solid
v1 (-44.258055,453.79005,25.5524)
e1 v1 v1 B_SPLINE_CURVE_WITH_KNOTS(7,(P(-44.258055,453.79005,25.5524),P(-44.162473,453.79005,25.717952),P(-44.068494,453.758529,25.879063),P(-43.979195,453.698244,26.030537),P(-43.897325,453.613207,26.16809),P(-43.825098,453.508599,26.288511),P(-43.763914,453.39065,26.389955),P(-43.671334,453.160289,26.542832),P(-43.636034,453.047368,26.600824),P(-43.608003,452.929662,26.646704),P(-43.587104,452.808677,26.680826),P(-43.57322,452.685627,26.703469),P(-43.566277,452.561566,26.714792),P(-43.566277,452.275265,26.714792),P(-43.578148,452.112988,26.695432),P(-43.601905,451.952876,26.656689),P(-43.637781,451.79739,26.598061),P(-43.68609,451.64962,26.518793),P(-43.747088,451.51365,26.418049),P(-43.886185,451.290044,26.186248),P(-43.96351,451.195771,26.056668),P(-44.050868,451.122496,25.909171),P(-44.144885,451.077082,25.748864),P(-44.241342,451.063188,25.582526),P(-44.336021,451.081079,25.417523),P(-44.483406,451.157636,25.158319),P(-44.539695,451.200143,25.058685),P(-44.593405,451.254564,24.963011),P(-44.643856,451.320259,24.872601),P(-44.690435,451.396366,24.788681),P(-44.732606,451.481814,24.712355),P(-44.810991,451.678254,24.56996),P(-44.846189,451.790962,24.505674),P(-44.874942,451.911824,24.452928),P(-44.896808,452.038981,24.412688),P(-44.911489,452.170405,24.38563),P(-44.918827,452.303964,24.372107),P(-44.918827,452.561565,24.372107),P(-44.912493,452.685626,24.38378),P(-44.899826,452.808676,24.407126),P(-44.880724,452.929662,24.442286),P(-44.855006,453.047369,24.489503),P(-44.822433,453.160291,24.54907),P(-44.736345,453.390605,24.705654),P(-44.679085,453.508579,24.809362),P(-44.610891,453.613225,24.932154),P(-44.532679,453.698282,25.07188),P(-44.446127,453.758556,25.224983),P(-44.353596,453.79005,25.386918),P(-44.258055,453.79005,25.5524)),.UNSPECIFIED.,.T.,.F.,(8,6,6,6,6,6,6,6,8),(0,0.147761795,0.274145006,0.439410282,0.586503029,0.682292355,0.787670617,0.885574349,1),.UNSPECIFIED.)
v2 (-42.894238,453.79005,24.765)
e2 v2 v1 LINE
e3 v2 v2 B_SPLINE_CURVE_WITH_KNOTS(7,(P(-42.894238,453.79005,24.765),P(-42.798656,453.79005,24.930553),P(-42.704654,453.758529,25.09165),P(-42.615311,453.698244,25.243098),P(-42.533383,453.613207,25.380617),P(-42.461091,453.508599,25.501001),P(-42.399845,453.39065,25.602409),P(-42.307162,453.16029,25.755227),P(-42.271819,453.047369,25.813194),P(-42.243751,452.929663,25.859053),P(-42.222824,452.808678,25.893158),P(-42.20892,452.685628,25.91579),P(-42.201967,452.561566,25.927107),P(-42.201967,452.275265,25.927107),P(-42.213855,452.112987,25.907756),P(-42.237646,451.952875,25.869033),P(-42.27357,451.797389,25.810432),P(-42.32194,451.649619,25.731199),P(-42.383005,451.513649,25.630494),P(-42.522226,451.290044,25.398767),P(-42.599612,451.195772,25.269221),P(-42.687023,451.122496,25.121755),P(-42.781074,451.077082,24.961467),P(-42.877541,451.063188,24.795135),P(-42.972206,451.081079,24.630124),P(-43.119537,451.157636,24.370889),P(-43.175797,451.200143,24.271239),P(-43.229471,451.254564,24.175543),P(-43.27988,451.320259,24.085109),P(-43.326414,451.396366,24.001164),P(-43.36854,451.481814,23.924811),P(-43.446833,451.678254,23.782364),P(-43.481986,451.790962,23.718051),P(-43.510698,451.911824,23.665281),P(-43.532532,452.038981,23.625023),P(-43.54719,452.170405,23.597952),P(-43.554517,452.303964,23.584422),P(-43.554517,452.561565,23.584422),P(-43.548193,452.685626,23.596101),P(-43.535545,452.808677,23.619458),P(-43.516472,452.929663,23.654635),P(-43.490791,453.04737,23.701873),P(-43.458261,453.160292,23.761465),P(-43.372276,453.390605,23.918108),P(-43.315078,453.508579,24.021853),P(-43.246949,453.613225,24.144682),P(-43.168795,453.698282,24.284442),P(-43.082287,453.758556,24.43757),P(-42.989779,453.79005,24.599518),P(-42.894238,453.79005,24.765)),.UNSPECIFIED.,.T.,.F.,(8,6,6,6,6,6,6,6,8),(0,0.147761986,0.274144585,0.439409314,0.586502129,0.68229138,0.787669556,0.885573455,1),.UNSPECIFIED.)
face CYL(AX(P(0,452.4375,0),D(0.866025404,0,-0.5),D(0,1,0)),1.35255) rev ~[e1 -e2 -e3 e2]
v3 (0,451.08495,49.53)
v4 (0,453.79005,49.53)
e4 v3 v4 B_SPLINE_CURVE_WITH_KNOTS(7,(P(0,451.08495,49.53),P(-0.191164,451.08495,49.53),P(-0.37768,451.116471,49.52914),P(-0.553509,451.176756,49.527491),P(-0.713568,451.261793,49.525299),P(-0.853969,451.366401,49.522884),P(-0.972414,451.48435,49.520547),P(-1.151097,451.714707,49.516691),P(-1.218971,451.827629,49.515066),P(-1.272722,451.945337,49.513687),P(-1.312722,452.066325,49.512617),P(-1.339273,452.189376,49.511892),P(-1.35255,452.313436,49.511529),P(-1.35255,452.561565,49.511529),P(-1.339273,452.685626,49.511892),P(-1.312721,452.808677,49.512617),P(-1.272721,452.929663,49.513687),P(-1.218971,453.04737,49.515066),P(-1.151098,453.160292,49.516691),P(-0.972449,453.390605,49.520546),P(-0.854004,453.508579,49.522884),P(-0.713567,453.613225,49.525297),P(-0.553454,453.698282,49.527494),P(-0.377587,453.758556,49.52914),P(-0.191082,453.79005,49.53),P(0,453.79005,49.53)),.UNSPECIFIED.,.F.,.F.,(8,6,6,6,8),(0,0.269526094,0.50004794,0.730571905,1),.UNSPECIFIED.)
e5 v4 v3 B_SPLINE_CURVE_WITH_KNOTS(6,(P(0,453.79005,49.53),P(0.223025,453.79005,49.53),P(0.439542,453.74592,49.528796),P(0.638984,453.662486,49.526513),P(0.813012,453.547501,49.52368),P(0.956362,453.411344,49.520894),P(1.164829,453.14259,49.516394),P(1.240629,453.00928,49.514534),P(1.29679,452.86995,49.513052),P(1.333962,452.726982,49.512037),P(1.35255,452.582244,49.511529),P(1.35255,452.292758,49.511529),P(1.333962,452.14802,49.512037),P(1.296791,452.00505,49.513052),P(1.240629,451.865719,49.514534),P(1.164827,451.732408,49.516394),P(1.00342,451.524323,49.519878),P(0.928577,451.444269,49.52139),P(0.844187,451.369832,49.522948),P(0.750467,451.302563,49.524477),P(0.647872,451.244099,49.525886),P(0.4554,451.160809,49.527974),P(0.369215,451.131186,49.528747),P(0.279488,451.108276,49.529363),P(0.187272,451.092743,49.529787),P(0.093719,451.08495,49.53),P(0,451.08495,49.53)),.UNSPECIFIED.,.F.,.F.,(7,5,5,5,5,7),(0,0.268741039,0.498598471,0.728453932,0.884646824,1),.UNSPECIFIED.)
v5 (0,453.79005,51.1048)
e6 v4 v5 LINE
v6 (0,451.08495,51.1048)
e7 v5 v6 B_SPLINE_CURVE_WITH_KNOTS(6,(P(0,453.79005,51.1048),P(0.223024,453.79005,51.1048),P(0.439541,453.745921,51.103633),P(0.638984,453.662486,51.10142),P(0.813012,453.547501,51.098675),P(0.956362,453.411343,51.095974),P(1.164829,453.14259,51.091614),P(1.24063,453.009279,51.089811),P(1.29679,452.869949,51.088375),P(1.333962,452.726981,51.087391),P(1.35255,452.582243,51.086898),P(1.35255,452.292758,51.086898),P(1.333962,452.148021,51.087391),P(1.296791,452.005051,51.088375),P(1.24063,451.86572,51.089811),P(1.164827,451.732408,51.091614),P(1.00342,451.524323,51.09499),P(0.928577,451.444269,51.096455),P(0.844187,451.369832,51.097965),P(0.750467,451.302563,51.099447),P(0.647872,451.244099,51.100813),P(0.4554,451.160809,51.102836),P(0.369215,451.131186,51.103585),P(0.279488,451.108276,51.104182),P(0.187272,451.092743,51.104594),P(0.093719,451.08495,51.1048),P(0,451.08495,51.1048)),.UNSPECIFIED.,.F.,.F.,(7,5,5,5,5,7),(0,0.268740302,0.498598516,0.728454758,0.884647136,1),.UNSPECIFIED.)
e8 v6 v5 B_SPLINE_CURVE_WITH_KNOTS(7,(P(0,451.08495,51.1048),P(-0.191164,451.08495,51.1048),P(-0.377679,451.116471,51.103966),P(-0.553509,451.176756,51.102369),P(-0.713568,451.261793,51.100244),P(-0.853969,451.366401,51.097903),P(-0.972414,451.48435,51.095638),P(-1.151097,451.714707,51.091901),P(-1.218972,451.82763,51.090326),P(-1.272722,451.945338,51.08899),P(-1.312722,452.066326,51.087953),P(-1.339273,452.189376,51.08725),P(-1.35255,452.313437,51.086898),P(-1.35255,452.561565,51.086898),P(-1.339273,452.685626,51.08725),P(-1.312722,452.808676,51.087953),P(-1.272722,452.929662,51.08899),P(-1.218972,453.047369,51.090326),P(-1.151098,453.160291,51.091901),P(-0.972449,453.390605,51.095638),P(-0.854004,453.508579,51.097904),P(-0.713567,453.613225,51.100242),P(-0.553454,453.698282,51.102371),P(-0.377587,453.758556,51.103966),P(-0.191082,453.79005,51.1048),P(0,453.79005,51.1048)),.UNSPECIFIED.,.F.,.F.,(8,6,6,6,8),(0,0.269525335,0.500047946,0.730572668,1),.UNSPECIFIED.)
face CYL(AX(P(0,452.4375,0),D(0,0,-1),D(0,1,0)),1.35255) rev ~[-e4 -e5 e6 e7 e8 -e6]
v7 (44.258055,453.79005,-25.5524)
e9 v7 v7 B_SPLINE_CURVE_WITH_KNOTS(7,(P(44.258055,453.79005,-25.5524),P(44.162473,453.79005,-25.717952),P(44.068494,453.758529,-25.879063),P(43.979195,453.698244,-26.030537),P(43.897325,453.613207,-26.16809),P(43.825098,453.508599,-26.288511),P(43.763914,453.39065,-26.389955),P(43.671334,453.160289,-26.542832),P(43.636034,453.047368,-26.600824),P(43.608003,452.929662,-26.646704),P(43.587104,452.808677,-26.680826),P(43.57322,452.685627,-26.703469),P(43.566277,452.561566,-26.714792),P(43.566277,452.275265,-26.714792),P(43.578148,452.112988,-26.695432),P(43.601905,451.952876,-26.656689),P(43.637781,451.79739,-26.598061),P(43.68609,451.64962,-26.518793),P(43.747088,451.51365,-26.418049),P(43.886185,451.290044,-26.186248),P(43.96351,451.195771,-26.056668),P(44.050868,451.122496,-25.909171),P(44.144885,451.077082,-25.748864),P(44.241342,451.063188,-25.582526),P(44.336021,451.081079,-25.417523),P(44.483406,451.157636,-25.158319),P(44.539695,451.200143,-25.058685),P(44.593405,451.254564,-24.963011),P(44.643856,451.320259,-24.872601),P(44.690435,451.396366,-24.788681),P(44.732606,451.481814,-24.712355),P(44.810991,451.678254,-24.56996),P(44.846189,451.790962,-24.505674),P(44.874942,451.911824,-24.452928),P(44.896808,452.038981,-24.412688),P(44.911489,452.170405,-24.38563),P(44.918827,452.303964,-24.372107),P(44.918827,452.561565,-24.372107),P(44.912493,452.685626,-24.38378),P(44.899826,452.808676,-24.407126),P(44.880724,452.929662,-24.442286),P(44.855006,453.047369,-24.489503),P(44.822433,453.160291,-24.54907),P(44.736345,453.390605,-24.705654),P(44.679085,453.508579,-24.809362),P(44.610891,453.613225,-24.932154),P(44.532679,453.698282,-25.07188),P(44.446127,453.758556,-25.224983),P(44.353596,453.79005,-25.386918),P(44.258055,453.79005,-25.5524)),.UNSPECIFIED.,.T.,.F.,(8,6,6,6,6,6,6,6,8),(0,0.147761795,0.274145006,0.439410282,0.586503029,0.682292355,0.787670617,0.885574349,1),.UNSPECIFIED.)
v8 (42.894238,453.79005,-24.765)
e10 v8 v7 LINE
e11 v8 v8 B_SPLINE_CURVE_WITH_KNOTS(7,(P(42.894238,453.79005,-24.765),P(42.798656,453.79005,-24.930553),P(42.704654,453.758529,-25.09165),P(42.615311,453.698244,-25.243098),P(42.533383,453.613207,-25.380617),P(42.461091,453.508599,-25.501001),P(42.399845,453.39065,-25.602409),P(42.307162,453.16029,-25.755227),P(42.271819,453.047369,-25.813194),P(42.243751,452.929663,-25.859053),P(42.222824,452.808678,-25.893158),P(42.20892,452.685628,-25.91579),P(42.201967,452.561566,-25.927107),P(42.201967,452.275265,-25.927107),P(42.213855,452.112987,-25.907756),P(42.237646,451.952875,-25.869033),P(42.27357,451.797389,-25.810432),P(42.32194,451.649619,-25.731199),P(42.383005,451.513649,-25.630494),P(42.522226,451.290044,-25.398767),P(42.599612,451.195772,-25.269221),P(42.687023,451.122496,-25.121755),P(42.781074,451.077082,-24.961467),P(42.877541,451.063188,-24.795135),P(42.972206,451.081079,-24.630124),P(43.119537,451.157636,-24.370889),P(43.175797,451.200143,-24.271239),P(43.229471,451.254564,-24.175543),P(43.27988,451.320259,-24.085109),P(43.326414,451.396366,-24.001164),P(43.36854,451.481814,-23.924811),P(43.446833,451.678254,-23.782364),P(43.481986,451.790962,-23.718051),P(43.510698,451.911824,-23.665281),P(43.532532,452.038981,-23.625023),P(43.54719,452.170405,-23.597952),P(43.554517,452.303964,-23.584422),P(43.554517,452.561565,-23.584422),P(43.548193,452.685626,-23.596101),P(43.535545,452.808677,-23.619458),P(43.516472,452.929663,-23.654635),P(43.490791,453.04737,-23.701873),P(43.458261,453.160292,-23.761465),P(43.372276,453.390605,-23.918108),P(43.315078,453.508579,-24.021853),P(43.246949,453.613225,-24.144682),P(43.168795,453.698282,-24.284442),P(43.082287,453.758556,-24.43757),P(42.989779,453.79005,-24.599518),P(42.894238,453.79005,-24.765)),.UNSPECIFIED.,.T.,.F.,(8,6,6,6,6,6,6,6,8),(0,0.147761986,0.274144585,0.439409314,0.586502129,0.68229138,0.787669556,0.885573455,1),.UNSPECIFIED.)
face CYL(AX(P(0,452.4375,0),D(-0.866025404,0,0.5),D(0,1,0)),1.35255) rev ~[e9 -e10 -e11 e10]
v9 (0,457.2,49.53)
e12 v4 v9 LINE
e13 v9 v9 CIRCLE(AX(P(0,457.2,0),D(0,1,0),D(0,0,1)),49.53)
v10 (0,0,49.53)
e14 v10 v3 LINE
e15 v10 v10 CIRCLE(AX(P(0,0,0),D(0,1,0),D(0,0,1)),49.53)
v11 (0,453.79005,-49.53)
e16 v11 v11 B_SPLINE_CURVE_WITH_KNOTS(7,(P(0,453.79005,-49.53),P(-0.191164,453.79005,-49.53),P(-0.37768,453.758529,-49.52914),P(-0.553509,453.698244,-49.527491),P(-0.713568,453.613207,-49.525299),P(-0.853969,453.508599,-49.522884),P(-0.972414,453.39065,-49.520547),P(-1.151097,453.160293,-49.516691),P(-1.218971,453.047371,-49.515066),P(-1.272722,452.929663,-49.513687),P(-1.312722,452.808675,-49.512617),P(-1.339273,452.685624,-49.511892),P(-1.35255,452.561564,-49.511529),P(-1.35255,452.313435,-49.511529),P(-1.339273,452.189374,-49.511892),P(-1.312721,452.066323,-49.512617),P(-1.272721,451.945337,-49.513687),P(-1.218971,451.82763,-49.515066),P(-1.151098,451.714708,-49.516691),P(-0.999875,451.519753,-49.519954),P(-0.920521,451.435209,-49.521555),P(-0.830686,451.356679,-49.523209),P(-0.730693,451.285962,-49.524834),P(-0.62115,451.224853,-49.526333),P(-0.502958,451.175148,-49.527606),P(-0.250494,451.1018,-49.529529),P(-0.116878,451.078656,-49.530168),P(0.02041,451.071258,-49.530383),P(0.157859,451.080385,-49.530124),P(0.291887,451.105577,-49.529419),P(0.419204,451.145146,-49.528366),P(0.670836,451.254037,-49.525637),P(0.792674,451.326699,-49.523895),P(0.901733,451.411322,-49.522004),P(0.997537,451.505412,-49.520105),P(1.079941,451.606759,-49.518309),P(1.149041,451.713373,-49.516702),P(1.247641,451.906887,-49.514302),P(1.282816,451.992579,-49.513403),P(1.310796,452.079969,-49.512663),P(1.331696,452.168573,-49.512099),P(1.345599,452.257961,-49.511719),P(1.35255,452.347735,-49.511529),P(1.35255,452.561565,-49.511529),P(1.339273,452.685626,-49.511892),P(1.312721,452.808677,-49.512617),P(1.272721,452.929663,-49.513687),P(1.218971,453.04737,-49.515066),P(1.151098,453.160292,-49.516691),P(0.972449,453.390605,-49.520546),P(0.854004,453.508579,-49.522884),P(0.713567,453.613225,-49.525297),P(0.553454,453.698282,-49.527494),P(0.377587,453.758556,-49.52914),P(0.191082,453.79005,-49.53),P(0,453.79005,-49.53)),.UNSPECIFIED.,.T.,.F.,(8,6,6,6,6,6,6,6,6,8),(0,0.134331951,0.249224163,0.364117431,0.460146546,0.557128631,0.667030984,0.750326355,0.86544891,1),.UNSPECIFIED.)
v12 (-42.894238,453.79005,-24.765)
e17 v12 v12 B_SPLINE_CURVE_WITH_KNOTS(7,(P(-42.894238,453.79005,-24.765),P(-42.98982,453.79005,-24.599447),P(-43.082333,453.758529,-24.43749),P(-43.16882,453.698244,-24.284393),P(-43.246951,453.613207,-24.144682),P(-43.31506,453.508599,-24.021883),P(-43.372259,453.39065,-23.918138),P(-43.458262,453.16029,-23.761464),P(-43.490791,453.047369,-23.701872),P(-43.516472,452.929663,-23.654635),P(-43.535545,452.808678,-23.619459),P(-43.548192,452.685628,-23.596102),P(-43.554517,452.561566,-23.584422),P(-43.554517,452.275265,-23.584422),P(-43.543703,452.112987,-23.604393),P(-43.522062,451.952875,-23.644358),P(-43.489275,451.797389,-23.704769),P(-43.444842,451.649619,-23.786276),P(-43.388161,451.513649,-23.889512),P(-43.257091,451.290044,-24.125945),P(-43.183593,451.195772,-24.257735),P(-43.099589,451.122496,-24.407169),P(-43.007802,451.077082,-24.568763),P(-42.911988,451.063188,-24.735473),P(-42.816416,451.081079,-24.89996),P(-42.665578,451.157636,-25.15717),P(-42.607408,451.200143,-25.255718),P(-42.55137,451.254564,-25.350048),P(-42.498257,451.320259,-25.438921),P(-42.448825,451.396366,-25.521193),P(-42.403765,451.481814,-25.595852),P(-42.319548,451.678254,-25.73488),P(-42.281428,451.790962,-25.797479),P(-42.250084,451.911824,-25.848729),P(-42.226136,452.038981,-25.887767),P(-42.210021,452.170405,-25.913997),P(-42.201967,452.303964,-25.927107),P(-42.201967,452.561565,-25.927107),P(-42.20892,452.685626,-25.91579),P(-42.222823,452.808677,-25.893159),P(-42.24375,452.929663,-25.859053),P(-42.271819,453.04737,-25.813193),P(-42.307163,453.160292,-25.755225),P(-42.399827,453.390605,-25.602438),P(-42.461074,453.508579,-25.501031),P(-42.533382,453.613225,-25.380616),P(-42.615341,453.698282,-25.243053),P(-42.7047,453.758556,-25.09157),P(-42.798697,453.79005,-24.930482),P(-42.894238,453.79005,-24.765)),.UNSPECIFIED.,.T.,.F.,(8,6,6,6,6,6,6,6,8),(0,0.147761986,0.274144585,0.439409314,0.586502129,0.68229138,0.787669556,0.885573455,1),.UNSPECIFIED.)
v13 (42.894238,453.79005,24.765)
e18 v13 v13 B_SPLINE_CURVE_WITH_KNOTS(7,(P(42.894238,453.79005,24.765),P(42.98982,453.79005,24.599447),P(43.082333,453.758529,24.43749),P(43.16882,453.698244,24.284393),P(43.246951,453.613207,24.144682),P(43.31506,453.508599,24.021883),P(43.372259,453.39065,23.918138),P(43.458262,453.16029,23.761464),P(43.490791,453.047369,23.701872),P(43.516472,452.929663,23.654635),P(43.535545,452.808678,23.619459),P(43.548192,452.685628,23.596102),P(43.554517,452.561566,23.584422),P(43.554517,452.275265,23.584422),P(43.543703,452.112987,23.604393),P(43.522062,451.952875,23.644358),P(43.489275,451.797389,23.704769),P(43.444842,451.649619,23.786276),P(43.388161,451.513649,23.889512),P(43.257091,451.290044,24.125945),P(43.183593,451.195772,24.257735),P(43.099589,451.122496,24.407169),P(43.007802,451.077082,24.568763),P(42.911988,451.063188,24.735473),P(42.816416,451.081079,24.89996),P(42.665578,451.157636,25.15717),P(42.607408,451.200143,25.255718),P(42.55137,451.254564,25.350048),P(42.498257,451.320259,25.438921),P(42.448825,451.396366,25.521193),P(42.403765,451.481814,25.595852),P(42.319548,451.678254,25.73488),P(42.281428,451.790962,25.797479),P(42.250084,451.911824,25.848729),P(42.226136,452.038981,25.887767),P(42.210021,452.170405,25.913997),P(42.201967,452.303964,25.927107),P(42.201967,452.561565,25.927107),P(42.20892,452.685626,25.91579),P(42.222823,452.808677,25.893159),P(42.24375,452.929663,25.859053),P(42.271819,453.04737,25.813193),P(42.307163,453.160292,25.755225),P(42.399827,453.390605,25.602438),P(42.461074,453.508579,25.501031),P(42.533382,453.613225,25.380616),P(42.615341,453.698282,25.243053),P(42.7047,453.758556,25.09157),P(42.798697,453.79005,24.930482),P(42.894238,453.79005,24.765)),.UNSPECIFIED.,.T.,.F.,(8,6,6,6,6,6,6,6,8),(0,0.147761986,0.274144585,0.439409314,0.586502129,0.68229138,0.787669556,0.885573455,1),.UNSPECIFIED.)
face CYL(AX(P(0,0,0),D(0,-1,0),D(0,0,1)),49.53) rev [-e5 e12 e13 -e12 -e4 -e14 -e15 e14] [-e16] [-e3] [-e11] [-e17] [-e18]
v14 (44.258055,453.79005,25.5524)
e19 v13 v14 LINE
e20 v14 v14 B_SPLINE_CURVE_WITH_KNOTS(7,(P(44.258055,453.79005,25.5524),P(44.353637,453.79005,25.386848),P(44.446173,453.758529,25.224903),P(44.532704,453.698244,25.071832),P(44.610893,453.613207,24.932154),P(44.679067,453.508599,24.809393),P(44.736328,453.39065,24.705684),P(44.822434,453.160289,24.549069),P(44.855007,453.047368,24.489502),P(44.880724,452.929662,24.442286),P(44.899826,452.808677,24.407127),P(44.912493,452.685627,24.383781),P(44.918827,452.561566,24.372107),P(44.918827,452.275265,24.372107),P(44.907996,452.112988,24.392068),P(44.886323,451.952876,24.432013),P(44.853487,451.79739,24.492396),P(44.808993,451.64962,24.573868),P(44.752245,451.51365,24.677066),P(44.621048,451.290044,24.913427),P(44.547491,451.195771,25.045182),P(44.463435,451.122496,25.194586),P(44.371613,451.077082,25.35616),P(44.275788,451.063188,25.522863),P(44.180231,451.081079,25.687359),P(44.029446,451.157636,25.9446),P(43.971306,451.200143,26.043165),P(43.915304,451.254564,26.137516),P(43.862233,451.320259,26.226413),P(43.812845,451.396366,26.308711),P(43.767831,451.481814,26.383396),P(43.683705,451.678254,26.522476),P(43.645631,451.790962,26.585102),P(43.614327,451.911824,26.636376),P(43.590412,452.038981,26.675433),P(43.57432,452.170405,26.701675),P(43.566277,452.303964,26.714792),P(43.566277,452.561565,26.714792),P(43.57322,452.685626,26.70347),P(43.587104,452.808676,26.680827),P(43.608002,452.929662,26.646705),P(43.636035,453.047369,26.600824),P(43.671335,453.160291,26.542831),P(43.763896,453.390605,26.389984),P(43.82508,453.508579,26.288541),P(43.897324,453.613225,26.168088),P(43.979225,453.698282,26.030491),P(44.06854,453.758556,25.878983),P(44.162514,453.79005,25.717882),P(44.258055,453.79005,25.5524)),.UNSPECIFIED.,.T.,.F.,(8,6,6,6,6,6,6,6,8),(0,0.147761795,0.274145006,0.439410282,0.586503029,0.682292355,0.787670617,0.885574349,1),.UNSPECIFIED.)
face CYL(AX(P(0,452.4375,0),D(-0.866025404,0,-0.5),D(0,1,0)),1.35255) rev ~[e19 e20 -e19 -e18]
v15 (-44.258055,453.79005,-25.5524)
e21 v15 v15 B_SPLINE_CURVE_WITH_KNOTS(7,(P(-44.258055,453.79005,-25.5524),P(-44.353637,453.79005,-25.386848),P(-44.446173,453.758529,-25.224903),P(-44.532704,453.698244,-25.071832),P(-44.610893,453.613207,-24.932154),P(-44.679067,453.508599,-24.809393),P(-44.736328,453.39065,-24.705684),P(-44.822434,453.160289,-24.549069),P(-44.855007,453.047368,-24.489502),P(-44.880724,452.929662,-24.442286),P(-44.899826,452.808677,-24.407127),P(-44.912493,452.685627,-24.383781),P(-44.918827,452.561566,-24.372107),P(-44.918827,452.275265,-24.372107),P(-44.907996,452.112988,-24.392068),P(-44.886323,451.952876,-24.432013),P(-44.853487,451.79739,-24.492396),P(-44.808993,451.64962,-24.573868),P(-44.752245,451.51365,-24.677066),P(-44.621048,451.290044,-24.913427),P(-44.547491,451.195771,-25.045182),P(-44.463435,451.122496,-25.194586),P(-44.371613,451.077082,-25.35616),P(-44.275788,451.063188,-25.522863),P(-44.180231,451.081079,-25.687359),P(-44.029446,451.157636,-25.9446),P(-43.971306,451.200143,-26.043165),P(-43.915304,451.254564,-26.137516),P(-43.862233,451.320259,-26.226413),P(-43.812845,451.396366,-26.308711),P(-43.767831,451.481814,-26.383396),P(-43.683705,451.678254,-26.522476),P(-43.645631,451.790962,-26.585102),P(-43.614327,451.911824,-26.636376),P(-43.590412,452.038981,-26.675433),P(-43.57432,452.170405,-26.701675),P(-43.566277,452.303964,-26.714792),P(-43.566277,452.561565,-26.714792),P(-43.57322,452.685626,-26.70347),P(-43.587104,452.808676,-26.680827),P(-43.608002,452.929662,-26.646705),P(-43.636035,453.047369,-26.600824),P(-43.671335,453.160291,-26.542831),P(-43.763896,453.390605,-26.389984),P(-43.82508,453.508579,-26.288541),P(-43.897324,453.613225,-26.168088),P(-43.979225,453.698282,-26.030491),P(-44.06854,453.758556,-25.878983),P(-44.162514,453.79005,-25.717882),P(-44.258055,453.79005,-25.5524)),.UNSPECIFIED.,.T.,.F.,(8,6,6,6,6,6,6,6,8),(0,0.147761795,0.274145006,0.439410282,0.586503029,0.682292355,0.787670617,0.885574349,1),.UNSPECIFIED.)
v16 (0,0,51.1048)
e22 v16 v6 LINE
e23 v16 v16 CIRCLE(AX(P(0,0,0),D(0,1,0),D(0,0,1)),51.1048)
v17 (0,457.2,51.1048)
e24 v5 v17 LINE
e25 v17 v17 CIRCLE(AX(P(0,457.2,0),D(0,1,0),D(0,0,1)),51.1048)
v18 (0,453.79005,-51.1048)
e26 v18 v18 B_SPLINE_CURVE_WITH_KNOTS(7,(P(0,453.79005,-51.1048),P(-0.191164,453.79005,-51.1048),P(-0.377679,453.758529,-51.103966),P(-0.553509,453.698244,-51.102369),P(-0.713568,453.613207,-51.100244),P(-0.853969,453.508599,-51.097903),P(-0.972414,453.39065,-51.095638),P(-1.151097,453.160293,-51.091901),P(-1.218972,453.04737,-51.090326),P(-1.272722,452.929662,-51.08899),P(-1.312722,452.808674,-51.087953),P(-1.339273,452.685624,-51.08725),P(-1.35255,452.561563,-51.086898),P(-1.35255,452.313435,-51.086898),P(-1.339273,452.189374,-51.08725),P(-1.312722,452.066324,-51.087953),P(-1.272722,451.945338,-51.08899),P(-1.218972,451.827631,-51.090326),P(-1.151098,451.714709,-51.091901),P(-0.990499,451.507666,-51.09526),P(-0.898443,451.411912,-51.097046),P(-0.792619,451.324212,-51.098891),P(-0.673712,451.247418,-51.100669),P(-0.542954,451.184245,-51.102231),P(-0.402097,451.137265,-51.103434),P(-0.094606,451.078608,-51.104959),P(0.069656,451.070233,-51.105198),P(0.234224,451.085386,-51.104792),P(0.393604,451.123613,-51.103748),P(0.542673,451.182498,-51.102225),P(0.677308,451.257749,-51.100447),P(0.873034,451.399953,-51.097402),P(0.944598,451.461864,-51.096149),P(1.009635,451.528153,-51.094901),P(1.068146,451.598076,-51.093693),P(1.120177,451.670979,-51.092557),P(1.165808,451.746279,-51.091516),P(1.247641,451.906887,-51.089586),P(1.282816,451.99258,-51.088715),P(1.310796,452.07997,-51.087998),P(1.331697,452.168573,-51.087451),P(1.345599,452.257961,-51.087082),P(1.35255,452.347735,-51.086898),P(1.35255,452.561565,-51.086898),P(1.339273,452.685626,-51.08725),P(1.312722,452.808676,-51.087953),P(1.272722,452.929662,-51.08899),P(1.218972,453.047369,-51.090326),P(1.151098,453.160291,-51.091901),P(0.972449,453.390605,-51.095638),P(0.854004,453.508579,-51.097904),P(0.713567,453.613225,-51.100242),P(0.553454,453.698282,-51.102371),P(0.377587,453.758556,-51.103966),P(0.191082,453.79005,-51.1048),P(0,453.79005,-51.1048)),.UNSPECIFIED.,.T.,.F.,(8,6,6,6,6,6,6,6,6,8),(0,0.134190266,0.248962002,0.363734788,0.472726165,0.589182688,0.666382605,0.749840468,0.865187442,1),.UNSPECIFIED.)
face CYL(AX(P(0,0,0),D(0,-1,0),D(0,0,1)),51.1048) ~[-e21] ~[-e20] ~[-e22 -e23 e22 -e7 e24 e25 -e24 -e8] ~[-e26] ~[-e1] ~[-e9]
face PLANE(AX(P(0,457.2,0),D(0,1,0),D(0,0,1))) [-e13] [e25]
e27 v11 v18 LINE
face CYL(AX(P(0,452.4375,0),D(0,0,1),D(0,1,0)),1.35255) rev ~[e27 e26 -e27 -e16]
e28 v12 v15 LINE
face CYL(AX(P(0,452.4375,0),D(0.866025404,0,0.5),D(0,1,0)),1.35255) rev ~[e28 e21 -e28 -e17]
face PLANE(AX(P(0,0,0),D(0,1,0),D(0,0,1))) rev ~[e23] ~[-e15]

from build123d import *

# Parameters (mm, degrees)
SKETCH1_R           = 51.1048
SKETCH1_R_2         = 49.53
BOSS_EXTRUDE1_DEPTH = 457.2
SKETCH2_R           = 1.35255
CUT_EXTRUDE1_DEPTH  = 463.877133985
CIRPATTERN1_COUNT   = 6


with BuildPart() as part:
    # Sketch1 → Boss-Extrude1 (new body)
    with BuildSketch(Plane(origin=(0, 0, 0), x_dir=(1, 0, 0), z_dir=(0, 1, 0))):
        with Locations(Location((0, 0, 0), (0, 0, 270))):
            Circle(SKETCH1_R)
        with Locations(Location((0, 0, 0), (0, 0, 270))):
            Circle(SKETCH1_R_2, mode=Mode.SUBTRACT)
    extrude(amount=BOSS_EXTRUDE1_DEPTH)

    # Sketch2 → Cut-Extrude1 (cut, through all)
    with BuildSketch(Plane.XY):
        with Locations(Location((0, 452.4375, 0), (0, 0, 90))):
            Circle(SKETCH2_R)
    cut_extrude1 = extrude(amount=-CUT_EXTRUDE1_DEPTH, mode=Mode.SUBTRACT)

    # CirPattern1: Cut-Extrude1 ×6 about axis
    cirpattern1_axis = Axis((0, 457.2, 0), (0, -1, 0))
    for i in range(1, CIRPATTERN1_COUNT):
        add(cut_extrude1.rotate(cirpattern1_axis, i * 360 / CIRPATTERN1_COUNT), mode=Mode.SUBTRACT)


solid = part.part
